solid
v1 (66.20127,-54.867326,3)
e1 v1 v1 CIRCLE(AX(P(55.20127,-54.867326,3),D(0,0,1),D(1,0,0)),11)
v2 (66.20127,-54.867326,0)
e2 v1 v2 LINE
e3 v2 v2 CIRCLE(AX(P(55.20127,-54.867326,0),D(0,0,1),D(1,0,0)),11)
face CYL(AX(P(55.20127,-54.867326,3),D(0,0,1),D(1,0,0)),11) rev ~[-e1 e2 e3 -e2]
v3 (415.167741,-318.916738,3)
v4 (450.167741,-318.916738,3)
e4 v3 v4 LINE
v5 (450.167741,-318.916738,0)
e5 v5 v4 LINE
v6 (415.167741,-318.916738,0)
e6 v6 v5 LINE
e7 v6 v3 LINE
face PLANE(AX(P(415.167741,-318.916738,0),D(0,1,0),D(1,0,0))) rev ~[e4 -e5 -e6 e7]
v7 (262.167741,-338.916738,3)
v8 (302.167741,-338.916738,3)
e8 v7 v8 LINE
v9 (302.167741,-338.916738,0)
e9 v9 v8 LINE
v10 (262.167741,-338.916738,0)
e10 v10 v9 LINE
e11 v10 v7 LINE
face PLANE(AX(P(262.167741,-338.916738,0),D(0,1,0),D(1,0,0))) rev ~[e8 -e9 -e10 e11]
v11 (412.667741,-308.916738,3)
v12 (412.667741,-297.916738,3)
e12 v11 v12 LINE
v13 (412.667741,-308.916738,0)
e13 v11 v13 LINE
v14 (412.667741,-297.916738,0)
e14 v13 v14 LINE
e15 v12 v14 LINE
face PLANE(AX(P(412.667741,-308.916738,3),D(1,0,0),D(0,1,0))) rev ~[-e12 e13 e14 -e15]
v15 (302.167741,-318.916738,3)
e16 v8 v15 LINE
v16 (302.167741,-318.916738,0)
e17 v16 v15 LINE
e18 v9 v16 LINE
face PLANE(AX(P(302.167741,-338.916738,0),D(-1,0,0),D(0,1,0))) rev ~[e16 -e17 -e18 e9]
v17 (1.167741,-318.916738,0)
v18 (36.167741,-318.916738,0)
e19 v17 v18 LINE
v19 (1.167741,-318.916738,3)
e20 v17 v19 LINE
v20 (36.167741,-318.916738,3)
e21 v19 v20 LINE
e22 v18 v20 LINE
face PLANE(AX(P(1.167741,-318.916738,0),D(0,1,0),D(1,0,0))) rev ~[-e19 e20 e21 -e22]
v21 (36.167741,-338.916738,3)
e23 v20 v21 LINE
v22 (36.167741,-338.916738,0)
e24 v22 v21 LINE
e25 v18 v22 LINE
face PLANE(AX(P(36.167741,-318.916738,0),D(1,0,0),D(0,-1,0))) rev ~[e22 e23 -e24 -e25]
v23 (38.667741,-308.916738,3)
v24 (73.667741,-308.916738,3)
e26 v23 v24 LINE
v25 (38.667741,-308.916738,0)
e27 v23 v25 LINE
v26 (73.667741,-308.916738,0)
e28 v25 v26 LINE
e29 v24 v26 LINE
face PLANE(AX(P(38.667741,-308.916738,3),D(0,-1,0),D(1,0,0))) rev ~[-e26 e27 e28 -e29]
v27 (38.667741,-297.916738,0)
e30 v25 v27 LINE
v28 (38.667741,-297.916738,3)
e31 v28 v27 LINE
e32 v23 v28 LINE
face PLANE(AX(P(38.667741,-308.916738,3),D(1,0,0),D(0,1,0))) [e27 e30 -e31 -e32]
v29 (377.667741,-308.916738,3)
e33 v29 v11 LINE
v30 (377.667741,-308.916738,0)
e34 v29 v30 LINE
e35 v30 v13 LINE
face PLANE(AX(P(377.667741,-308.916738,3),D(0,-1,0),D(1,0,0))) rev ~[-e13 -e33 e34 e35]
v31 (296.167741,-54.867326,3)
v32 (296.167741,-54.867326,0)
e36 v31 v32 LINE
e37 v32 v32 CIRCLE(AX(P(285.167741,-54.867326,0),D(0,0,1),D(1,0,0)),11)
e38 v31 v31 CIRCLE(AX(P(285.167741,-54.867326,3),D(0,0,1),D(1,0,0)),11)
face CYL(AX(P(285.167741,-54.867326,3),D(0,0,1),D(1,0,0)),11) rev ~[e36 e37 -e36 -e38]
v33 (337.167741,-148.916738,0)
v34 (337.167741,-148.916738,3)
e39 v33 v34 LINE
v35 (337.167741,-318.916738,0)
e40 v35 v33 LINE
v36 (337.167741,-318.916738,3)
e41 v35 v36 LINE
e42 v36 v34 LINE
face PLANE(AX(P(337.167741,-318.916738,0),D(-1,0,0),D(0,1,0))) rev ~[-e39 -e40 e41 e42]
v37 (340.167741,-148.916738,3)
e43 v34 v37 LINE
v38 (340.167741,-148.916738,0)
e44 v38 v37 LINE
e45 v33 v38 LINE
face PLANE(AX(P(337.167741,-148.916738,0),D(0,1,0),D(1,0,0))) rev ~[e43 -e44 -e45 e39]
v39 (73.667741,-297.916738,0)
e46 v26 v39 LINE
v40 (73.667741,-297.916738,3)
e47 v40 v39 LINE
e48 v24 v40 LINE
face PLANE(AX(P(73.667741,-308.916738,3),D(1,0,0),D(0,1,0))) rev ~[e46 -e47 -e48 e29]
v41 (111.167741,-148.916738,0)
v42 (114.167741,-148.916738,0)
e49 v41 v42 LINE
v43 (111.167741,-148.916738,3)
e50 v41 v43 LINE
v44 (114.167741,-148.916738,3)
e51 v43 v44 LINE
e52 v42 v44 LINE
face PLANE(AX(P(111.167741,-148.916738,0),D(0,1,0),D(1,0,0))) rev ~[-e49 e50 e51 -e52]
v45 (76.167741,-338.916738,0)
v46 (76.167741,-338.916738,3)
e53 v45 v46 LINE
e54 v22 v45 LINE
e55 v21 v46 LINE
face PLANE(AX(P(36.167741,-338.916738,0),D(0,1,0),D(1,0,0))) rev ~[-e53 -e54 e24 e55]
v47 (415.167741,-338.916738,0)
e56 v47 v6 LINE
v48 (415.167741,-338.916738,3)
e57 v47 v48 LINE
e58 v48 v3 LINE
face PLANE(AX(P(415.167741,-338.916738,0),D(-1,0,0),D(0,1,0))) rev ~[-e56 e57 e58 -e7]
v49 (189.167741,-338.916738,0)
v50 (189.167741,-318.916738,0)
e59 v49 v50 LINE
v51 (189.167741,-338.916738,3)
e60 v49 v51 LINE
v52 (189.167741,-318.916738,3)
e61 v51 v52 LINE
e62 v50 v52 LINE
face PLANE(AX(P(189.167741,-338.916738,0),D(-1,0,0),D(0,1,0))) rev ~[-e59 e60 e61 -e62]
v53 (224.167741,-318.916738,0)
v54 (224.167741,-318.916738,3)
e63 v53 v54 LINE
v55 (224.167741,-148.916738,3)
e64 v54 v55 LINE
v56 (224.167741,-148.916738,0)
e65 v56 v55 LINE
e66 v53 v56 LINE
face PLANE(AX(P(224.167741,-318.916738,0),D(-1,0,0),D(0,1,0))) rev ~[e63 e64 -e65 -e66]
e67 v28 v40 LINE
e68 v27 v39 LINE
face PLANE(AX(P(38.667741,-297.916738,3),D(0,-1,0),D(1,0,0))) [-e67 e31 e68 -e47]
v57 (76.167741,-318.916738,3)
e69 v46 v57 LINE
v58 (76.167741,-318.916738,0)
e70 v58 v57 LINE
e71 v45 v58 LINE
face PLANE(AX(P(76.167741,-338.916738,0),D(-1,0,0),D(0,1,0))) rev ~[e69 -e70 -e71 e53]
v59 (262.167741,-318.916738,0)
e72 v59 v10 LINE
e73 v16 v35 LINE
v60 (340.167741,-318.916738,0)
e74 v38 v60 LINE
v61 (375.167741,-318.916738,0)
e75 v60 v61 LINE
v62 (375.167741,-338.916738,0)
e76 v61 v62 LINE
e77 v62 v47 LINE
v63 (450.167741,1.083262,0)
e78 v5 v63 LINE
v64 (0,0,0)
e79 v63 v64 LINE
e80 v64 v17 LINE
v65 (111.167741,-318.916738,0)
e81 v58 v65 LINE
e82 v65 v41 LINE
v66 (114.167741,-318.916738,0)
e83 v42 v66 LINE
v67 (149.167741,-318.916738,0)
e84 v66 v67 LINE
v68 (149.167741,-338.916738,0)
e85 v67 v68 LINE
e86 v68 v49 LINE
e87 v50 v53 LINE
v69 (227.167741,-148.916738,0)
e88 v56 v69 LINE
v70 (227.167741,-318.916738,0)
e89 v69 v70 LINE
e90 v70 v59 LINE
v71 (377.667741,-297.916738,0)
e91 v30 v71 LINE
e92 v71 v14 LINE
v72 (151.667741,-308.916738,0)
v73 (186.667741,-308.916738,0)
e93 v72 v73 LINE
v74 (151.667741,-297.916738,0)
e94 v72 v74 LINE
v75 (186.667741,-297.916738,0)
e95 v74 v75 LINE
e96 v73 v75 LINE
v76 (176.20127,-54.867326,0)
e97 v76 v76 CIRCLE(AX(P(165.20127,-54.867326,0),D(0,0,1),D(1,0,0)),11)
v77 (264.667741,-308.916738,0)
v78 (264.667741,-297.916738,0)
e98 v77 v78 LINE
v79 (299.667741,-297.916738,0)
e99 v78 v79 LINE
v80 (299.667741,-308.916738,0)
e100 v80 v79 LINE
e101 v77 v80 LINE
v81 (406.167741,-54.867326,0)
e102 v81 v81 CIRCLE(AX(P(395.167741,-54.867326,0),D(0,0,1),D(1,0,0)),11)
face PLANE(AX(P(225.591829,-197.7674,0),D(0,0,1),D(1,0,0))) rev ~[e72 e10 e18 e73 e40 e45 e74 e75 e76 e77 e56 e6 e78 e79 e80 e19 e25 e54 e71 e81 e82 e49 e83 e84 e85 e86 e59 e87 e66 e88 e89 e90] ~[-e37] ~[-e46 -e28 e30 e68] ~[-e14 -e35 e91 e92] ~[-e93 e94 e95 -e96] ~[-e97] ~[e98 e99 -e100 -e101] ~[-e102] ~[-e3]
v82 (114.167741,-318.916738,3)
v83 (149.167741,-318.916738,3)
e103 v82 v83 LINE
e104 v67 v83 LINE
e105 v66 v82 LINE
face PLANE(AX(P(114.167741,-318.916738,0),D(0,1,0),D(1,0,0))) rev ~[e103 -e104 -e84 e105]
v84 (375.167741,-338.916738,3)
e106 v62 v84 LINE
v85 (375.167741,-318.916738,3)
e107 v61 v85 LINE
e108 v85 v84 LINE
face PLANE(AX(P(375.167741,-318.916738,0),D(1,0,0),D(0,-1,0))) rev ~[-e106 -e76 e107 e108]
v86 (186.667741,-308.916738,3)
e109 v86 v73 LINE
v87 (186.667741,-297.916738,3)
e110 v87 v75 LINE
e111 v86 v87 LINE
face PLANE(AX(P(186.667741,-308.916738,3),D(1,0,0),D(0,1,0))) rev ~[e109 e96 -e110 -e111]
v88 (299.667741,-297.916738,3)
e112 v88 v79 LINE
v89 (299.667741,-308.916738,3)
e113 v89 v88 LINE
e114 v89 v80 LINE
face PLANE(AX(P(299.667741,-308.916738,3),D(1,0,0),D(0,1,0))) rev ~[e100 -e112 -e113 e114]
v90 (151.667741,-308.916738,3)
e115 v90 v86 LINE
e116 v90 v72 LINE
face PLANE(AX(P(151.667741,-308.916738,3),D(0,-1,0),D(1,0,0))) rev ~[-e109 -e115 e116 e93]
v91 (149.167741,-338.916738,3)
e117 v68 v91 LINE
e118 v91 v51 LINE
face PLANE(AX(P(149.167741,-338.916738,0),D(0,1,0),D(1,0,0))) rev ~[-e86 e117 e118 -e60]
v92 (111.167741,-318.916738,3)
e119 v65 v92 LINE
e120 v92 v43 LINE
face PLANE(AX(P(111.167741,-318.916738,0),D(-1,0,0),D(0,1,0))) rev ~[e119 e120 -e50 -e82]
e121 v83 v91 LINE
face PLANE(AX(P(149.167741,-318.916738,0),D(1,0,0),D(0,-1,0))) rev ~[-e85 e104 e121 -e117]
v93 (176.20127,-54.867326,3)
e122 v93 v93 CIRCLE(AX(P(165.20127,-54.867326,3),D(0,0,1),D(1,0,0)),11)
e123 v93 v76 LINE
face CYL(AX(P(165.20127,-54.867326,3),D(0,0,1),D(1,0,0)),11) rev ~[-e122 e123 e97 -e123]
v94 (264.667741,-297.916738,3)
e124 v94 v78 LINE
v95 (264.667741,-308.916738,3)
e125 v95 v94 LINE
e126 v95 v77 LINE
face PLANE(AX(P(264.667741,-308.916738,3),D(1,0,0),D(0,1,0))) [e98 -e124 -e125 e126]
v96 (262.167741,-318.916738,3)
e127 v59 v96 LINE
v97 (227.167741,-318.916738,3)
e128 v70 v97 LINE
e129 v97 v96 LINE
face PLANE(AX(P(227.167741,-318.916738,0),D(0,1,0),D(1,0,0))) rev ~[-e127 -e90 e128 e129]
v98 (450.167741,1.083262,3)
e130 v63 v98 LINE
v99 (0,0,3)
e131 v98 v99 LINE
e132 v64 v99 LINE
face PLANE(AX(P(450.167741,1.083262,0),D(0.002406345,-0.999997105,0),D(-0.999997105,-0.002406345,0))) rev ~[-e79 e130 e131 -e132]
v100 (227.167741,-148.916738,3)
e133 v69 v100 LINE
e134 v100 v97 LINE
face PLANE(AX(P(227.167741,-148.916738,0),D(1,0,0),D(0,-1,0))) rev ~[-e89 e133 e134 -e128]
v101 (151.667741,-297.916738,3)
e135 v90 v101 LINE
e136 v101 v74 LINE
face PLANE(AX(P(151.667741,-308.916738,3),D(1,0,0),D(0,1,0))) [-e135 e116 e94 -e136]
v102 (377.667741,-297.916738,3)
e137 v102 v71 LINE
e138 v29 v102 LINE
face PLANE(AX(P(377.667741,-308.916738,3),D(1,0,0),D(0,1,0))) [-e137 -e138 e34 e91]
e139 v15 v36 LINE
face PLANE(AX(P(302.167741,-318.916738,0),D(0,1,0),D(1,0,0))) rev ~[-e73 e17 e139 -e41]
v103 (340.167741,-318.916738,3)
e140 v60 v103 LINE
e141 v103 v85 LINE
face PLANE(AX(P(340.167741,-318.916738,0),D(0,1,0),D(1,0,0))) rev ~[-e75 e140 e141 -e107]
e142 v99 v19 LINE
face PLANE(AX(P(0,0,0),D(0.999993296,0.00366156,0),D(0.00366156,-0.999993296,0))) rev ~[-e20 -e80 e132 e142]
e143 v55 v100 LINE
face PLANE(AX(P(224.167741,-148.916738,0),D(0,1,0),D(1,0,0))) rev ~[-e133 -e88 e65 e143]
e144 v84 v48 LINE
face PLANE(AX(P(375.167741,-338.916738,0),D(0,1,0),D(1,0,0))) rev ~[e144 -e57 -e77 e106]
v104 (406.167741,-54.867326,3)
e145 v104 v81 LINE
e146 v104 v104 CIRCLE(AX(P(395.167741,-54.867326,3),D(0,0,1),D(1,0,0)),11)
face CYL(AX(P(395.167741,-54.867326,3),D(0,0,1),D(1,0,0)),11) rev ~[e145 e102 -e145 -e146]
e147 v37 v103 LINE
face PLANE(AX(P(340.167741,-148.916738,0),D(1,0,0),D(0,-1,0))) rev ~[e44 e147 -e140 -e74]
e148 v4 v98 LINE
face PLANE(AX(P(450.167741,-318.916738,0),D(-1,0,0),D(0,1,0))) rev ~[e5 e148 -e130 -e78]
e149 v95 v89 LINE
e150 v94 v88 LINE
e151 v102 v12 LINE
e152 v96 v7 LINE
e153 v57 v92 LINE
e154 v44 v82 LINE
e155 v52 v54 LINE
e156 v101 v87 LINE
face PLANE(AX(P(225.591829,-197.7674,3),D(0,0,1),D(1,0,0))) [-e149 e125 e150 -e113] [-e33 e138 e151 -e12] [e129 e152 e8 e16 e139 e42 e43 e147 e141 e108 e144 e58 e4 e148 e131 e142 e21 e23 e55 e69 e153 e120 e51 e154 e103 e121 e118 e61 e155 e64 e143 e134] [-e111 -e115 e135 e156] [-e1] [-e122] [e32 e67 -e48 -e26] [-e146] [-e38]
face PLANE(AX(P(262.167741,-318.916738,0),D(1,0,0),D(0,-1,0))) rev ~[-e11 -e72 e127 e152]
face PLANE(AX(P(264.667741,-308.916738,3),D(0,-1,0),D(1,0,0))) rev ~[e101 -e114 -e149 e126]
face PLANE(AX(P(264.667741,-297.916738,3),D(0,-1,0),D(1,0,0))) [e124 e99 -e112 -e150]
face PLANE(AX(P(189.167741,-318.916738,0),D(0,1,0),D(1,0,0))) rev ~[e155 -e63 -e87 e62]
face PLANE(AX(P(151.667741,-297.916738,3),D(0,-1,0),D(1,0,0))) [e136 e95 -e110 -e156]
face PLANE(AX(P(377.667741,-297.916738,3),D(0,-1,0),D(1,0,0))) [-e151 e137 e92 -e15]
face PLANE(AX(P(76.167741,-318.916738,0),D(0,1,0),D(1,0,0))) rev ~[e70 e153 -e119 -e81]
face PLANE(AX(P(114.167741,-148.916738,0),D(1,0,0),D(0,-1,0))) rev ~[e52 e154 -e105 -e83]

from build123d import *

# Parameters (mm, degrees)
BOSS_EXTRUDE1_DEPTH = 3
SKETCH2_R           = 11
CUT_EXTRUDE1_DEPTH  = 3
SKETCH3_W           = 35
SKETCH3_H           = 11
CUT_EXTRUDE2_DEPTH  = 3


with BuildPart() as part:
    # Sketch1 → Boss-Extrude1 (new body)
    with BuildSketch(Plane.XY):
        Polygon((450.167740667, -318.916738079), (450.167740667, 1.083261921), (0, 0), (1.167740667, -318.916738079), (36.167740667, -318.916738079), (36.167740667, -338.916738079), (76.167740667, -338.916738079), (76.167740667, -318.916738079), (111.167740667, -318.916738079), (111.167740667, -148.916738079), (114.167740667, -148.916738079), (114.167740667, -318.916738079), (149.167740667, -318.916738079), (149.167740667, -338.916738079), (189.167740667, -338.916738079), (189.167740667, -318.916738079), (224.167740667, -318.916738079), (224.167740667, -148.916738079), (227.167740667, -148.916738079), (227.167740667, -318.916738079), (262.167740667, -318.916738079), (262.167740667, -338.916738079), (302.167740667, -338.916738079), (302.167740667, -318.916738079), (337.167740667, -318.916738079), (337.167740667, -148.916738079), (340.167740667, -148.916738079), (340.167740667, -318.916738079), (375.167740667, -318.916738079), (375.167740667, -338.916738079), (415.167740667, -338.916738079), (415.167740667, -318.916738079), align=None)
    extrude(amount=BOSS_EXTRUDE1_DEPTH)

    # Sketch2 → Cut-Extrude1 (cut)
    with BuildSketch(Plane.XY.offset(3)):
        with Locations((55.20127006, -54.867325568)):
            Circle(SKETCH2_R)
        with Locations((165.20127006, -54.867325568)):
            Circle(SKETCH2_R)
        with Locations((285.167740667, -54.867325568)):
            Circle(SKETCH2_R)
        with Locations((395.167740667, -54.867325568)):
            Circle(SKETCH2_R)
    extrude(amount=-CUT_EXTRUDE1_DEPTH, mode=Mode.SUBTRACT)

    # Sketch3 → Cut-Extrude2 (cut)
    with BuildSketch(Plane.XY.offset(3)):
        with Locations((395.167740667, -303.416738079)):
            Rectangle(SKETCH3_W, SKETCH3_H)
        with Locations((169.167740667, -303.416738079)):
            Rectangle(SKETCH3_W, SKETCH3_H)
        with Locations((282.167740667, -303.416738079)):
            Rectangle(SKETCH3_W, SKETCH3_H)
        with Locations((56.167740667, -303.416738079)):
            Rectangle(SKETCH3_W, SKETCH3_H)
    extrude(amount=-CUT_EXTRUDE2_DEPTH, mode=Mode.SUBTRACT)


solid = part.part
